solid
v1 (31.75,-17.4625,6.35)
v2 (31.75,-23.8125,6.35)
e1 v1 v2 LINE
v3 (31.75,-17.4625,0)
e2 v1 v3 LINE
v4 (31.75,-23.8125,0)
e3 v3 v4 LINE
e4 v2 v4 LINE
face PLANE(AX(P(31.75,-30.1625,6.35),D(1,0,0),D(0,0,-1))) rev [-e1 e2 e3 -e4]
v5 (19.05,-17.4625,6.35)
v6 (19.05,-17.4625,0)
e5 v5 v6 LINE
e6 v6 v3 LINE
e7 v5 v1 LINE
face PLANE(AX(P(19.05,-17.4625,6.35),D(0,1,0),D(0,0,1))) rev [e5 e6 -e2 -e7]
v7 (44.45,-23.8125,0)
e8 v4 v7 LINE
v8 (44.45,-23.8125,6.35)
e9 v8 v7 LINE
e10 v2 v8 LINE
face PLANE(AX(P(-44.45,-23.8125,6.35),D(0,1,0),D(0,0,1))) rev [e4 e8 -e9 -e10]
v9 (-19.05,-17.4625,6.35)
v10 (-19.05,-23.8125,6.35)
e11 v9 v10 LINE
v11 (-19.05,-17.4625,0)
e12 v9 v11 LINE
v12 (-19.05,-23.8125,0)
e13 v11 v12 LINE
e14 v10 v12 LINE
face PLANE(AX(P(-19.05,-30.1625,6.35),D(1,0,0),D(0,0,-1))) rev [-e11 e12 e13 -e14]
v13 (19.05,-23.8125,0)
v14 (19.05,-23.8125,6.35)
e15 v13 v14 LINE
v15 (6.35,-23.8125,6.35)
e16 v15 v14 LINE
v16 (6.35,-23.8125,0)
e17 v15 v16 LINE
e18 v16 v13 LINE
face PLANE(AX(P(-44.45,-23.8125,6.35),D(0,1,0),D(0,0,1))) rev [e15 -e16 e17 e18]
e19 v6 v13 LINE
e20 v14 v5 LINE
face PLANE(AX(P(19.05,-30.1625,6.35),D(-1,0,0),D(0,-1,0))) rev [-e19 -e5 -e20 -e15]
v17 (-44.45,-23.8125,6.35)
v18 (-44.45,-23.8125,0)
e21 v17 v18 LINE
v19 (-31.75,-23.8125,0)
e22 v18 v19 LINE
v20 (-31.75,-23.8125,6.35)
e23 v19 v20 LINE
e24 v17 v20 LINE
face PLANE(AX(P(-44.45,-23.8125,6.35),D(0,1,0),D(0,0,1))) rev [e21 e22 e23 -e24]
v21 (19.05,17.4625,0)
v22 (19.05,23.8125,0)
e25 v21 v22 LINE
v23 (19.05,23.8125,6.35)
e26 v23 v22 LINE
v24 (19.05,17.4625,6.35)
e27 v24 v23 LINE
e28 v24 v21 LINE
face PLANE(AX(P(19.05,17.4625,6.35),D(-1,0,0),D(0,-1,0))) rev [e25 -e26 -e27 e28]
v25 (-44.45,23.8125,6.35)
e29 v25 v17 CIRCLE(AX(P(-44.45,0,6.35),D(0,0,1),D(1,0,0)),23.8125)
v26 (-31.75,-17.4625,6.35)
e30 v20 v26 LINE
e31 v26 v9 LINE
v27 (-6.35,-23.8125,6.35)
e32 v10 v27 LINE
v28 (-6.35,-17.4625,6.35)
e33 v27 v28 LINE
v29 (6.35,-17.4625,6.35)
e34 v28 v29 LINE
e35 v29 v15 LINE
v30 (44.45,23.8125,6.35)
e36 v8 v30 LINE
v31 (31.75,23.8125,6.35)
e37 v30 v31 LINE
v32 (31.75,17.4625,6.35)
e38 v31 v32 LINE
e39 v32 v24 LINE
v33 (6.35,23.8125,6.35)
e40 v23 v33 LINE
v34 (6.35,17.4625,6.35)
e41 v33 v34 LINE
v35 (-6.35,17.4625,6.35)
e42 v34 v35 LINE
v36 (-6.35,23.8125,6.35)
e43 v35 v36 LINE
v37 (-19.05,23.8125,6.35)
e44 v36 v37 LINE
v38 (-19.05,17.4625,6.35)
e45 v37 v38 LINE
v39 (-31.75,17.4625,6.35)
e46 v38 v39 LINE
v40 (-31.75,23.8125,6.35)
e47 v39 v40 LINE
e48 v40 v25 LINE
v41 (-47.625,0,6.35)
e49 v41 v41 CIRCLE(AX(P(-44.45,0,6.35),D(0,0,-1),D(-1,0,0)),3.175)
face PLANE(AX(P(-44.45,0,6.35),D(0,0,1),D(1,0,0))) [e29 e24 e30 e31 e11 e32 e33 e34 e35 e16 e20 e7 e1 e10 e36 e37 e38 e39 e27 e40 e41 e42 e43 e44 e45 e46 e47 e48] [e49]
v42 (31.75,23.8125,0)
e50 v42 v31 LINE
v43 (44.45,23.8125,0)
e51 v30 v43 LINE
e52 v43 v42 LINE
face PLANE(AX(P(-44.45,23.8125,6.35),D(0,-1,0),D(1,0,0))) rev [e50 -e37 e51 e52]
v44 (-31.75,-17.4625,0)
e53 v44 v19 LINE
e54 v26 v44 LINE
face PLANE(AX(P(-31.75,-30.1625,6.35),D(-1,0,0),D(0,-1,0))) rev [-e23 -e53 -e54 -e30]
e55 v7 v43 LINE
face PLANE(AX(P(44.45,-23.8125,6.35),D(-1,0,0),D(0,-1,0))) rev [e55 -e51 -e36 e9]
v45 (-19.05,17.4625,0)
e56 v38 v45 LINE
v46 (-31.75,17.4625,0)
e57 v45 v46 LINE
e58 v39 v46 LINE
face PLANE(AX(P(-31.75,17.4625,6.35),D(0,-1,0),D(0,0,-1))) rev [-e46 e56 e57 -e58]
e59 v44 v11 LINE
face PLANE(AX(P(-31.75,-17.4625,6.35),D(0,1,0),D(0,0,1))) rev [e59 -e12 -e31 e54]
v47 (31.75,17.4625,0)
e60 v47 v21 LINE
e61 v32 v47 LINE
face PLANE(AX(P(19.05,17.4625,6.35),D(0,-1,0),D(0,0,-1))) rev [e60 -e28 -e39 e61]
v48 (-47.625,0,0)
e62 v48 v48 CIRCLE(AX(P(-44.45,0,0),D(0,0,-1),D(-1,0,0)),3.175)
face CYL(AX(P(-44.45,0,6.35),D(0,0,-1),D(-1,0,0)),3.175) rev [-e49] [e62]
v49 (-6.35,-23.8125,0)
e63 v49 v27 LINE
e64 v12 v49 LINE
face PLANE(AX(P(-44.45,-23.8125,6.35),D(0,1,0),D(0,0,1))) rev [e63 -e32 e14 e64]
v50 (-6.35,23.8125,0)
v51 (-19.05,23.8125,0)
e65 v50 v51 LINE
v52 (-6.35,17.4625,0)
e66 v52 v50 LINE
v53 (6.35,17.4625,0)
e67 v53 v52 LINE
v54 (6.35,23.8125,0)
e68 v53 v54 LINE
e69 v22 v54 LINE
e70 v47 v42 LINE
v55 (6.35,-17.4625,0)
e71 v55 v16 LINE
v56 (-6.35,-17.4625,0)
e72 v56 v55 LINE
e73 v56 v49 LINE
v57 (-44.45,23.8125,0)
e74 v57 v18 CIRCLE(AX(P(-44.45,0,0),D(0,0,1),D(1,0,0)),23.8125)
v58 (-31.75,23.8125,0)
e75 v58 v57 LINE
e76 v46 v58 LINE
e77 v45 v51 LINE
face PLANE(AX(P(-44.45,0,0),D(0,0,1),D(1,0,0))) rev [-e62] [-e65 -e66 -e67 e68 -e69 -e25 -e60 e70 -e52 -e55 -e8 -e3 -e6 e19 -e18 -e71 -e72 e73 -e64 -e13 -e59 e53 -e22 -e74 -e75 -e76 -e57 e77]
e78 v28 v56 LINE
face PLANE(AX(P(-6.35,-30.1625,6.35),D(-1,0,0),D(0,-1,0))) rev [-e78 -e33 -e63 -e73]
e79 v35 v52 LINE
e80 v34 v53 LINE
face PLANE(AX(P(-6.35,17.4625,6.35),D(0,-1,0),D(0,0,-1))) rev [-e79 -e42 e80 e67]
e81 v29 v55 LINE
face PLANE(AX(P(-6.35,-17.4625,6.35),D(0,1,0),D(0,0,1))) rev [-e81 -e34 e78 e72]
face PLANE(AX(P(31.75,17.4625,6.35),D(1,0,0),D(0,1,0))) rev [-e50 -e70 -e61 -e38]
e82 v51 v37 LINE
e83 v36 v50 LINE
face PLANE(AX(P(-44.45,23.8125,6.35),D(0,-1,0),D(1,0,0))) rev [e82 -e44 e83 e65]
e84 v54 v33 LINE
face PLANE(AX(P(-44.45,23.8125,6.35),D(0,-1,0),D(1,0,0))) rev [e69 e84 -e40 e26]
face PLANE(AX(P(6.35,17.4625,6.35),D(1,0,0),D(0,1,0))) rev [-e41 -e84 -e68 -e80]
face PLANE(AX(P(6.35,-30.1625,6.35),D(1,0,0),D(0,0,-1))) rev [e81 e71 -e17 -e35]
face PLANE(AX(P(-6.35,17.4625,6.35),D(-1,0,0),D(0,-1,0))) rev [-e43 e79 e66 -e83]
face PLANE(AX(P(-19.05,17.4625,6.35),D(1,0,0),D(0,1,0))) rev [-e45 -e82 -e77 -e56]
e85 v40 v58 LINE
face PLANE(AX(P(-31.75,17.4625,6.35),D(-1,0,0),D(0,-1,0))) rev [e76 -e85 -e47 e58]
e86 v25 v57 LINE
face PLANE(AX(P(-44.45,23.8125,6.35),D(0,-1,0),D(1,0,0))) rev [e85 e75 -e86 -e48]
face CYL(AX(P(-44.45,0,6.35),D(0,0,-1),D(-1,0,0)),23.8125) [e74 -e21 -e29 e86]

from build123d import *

# Parameters (mm, degrees)
MASS_DEPTH         = 6.35
SKETCH4_R          = 3.175
CUT_EXTRUDE1_DEPTH = 73.574972012
SKETCH3_W          = 12.7
SKETCH3_H          = 12.7
CUT_EXTRUDE2_DEPTH = 73.574972012
LPATTERN1_COUNT    = 3
LPATTERN1_PITCH    = 25.4


with BuildPart() as part:
    # Sketch1 → Mass (new body)
    with BuildSketch(Plane.XY):
        with BuildLine():
            Line((-44.45, -23.8125), (44.45, -23.8125))
            Line((44.45, -23.8125), (44.45, 23.8125))
            Line((44.45, 23.8125), (-44.45, 23.8125))
            ThreePointArc((-44.45, 23.8125), (-68.2625, 0), (-44.45, -23.8125))
        make_face()
    extrude(amount=MASS_DEPTH)

    # Sketch4 → Cut-Extrude1 (cut, through all)
    with BuildSketch(Plane(origin=(0, 0, 0), x_dir=(-1, 0, 0), z_dir=(0, 0, -1))):
        with Locations((44.45, 0)):
            Circle(SKETCH4_R)
    extrude(amount=-CUT_EXTRUDE1_DEPTH, mode=Mode.SUBTRACT)

    # Sketch3 → Cut-Extrude2 (cut, through all)
    with BuildSketch(Plane(origin=(0, 0, 0), x_dir=(-1, 0, 0), z_dir=(0, 0, -1))):
        with Locations((-25.4, 23.8125)):
            Rectangle(SKETCH3_W, SKETCH3_H)
        with Locations((-25.4, -23.8125)):
            Rectangle(SKETCH3_W, SKETCH3_H)
    cut_extrude2 = extrude(amount=-CUT_EXTRUDE2_DEPTH, mode=Mode.SUBTRACT)

    # LPattern1: Cut-Extrude2 ×3
    with Locations(*[(-i * LPATTERN1_PITCH, 0, 0) for i in range(1, LPATTERN1_COUNT)]):
        add(cut_extrude2, mode=Mode.SUBTRACT)


solid = part.part
